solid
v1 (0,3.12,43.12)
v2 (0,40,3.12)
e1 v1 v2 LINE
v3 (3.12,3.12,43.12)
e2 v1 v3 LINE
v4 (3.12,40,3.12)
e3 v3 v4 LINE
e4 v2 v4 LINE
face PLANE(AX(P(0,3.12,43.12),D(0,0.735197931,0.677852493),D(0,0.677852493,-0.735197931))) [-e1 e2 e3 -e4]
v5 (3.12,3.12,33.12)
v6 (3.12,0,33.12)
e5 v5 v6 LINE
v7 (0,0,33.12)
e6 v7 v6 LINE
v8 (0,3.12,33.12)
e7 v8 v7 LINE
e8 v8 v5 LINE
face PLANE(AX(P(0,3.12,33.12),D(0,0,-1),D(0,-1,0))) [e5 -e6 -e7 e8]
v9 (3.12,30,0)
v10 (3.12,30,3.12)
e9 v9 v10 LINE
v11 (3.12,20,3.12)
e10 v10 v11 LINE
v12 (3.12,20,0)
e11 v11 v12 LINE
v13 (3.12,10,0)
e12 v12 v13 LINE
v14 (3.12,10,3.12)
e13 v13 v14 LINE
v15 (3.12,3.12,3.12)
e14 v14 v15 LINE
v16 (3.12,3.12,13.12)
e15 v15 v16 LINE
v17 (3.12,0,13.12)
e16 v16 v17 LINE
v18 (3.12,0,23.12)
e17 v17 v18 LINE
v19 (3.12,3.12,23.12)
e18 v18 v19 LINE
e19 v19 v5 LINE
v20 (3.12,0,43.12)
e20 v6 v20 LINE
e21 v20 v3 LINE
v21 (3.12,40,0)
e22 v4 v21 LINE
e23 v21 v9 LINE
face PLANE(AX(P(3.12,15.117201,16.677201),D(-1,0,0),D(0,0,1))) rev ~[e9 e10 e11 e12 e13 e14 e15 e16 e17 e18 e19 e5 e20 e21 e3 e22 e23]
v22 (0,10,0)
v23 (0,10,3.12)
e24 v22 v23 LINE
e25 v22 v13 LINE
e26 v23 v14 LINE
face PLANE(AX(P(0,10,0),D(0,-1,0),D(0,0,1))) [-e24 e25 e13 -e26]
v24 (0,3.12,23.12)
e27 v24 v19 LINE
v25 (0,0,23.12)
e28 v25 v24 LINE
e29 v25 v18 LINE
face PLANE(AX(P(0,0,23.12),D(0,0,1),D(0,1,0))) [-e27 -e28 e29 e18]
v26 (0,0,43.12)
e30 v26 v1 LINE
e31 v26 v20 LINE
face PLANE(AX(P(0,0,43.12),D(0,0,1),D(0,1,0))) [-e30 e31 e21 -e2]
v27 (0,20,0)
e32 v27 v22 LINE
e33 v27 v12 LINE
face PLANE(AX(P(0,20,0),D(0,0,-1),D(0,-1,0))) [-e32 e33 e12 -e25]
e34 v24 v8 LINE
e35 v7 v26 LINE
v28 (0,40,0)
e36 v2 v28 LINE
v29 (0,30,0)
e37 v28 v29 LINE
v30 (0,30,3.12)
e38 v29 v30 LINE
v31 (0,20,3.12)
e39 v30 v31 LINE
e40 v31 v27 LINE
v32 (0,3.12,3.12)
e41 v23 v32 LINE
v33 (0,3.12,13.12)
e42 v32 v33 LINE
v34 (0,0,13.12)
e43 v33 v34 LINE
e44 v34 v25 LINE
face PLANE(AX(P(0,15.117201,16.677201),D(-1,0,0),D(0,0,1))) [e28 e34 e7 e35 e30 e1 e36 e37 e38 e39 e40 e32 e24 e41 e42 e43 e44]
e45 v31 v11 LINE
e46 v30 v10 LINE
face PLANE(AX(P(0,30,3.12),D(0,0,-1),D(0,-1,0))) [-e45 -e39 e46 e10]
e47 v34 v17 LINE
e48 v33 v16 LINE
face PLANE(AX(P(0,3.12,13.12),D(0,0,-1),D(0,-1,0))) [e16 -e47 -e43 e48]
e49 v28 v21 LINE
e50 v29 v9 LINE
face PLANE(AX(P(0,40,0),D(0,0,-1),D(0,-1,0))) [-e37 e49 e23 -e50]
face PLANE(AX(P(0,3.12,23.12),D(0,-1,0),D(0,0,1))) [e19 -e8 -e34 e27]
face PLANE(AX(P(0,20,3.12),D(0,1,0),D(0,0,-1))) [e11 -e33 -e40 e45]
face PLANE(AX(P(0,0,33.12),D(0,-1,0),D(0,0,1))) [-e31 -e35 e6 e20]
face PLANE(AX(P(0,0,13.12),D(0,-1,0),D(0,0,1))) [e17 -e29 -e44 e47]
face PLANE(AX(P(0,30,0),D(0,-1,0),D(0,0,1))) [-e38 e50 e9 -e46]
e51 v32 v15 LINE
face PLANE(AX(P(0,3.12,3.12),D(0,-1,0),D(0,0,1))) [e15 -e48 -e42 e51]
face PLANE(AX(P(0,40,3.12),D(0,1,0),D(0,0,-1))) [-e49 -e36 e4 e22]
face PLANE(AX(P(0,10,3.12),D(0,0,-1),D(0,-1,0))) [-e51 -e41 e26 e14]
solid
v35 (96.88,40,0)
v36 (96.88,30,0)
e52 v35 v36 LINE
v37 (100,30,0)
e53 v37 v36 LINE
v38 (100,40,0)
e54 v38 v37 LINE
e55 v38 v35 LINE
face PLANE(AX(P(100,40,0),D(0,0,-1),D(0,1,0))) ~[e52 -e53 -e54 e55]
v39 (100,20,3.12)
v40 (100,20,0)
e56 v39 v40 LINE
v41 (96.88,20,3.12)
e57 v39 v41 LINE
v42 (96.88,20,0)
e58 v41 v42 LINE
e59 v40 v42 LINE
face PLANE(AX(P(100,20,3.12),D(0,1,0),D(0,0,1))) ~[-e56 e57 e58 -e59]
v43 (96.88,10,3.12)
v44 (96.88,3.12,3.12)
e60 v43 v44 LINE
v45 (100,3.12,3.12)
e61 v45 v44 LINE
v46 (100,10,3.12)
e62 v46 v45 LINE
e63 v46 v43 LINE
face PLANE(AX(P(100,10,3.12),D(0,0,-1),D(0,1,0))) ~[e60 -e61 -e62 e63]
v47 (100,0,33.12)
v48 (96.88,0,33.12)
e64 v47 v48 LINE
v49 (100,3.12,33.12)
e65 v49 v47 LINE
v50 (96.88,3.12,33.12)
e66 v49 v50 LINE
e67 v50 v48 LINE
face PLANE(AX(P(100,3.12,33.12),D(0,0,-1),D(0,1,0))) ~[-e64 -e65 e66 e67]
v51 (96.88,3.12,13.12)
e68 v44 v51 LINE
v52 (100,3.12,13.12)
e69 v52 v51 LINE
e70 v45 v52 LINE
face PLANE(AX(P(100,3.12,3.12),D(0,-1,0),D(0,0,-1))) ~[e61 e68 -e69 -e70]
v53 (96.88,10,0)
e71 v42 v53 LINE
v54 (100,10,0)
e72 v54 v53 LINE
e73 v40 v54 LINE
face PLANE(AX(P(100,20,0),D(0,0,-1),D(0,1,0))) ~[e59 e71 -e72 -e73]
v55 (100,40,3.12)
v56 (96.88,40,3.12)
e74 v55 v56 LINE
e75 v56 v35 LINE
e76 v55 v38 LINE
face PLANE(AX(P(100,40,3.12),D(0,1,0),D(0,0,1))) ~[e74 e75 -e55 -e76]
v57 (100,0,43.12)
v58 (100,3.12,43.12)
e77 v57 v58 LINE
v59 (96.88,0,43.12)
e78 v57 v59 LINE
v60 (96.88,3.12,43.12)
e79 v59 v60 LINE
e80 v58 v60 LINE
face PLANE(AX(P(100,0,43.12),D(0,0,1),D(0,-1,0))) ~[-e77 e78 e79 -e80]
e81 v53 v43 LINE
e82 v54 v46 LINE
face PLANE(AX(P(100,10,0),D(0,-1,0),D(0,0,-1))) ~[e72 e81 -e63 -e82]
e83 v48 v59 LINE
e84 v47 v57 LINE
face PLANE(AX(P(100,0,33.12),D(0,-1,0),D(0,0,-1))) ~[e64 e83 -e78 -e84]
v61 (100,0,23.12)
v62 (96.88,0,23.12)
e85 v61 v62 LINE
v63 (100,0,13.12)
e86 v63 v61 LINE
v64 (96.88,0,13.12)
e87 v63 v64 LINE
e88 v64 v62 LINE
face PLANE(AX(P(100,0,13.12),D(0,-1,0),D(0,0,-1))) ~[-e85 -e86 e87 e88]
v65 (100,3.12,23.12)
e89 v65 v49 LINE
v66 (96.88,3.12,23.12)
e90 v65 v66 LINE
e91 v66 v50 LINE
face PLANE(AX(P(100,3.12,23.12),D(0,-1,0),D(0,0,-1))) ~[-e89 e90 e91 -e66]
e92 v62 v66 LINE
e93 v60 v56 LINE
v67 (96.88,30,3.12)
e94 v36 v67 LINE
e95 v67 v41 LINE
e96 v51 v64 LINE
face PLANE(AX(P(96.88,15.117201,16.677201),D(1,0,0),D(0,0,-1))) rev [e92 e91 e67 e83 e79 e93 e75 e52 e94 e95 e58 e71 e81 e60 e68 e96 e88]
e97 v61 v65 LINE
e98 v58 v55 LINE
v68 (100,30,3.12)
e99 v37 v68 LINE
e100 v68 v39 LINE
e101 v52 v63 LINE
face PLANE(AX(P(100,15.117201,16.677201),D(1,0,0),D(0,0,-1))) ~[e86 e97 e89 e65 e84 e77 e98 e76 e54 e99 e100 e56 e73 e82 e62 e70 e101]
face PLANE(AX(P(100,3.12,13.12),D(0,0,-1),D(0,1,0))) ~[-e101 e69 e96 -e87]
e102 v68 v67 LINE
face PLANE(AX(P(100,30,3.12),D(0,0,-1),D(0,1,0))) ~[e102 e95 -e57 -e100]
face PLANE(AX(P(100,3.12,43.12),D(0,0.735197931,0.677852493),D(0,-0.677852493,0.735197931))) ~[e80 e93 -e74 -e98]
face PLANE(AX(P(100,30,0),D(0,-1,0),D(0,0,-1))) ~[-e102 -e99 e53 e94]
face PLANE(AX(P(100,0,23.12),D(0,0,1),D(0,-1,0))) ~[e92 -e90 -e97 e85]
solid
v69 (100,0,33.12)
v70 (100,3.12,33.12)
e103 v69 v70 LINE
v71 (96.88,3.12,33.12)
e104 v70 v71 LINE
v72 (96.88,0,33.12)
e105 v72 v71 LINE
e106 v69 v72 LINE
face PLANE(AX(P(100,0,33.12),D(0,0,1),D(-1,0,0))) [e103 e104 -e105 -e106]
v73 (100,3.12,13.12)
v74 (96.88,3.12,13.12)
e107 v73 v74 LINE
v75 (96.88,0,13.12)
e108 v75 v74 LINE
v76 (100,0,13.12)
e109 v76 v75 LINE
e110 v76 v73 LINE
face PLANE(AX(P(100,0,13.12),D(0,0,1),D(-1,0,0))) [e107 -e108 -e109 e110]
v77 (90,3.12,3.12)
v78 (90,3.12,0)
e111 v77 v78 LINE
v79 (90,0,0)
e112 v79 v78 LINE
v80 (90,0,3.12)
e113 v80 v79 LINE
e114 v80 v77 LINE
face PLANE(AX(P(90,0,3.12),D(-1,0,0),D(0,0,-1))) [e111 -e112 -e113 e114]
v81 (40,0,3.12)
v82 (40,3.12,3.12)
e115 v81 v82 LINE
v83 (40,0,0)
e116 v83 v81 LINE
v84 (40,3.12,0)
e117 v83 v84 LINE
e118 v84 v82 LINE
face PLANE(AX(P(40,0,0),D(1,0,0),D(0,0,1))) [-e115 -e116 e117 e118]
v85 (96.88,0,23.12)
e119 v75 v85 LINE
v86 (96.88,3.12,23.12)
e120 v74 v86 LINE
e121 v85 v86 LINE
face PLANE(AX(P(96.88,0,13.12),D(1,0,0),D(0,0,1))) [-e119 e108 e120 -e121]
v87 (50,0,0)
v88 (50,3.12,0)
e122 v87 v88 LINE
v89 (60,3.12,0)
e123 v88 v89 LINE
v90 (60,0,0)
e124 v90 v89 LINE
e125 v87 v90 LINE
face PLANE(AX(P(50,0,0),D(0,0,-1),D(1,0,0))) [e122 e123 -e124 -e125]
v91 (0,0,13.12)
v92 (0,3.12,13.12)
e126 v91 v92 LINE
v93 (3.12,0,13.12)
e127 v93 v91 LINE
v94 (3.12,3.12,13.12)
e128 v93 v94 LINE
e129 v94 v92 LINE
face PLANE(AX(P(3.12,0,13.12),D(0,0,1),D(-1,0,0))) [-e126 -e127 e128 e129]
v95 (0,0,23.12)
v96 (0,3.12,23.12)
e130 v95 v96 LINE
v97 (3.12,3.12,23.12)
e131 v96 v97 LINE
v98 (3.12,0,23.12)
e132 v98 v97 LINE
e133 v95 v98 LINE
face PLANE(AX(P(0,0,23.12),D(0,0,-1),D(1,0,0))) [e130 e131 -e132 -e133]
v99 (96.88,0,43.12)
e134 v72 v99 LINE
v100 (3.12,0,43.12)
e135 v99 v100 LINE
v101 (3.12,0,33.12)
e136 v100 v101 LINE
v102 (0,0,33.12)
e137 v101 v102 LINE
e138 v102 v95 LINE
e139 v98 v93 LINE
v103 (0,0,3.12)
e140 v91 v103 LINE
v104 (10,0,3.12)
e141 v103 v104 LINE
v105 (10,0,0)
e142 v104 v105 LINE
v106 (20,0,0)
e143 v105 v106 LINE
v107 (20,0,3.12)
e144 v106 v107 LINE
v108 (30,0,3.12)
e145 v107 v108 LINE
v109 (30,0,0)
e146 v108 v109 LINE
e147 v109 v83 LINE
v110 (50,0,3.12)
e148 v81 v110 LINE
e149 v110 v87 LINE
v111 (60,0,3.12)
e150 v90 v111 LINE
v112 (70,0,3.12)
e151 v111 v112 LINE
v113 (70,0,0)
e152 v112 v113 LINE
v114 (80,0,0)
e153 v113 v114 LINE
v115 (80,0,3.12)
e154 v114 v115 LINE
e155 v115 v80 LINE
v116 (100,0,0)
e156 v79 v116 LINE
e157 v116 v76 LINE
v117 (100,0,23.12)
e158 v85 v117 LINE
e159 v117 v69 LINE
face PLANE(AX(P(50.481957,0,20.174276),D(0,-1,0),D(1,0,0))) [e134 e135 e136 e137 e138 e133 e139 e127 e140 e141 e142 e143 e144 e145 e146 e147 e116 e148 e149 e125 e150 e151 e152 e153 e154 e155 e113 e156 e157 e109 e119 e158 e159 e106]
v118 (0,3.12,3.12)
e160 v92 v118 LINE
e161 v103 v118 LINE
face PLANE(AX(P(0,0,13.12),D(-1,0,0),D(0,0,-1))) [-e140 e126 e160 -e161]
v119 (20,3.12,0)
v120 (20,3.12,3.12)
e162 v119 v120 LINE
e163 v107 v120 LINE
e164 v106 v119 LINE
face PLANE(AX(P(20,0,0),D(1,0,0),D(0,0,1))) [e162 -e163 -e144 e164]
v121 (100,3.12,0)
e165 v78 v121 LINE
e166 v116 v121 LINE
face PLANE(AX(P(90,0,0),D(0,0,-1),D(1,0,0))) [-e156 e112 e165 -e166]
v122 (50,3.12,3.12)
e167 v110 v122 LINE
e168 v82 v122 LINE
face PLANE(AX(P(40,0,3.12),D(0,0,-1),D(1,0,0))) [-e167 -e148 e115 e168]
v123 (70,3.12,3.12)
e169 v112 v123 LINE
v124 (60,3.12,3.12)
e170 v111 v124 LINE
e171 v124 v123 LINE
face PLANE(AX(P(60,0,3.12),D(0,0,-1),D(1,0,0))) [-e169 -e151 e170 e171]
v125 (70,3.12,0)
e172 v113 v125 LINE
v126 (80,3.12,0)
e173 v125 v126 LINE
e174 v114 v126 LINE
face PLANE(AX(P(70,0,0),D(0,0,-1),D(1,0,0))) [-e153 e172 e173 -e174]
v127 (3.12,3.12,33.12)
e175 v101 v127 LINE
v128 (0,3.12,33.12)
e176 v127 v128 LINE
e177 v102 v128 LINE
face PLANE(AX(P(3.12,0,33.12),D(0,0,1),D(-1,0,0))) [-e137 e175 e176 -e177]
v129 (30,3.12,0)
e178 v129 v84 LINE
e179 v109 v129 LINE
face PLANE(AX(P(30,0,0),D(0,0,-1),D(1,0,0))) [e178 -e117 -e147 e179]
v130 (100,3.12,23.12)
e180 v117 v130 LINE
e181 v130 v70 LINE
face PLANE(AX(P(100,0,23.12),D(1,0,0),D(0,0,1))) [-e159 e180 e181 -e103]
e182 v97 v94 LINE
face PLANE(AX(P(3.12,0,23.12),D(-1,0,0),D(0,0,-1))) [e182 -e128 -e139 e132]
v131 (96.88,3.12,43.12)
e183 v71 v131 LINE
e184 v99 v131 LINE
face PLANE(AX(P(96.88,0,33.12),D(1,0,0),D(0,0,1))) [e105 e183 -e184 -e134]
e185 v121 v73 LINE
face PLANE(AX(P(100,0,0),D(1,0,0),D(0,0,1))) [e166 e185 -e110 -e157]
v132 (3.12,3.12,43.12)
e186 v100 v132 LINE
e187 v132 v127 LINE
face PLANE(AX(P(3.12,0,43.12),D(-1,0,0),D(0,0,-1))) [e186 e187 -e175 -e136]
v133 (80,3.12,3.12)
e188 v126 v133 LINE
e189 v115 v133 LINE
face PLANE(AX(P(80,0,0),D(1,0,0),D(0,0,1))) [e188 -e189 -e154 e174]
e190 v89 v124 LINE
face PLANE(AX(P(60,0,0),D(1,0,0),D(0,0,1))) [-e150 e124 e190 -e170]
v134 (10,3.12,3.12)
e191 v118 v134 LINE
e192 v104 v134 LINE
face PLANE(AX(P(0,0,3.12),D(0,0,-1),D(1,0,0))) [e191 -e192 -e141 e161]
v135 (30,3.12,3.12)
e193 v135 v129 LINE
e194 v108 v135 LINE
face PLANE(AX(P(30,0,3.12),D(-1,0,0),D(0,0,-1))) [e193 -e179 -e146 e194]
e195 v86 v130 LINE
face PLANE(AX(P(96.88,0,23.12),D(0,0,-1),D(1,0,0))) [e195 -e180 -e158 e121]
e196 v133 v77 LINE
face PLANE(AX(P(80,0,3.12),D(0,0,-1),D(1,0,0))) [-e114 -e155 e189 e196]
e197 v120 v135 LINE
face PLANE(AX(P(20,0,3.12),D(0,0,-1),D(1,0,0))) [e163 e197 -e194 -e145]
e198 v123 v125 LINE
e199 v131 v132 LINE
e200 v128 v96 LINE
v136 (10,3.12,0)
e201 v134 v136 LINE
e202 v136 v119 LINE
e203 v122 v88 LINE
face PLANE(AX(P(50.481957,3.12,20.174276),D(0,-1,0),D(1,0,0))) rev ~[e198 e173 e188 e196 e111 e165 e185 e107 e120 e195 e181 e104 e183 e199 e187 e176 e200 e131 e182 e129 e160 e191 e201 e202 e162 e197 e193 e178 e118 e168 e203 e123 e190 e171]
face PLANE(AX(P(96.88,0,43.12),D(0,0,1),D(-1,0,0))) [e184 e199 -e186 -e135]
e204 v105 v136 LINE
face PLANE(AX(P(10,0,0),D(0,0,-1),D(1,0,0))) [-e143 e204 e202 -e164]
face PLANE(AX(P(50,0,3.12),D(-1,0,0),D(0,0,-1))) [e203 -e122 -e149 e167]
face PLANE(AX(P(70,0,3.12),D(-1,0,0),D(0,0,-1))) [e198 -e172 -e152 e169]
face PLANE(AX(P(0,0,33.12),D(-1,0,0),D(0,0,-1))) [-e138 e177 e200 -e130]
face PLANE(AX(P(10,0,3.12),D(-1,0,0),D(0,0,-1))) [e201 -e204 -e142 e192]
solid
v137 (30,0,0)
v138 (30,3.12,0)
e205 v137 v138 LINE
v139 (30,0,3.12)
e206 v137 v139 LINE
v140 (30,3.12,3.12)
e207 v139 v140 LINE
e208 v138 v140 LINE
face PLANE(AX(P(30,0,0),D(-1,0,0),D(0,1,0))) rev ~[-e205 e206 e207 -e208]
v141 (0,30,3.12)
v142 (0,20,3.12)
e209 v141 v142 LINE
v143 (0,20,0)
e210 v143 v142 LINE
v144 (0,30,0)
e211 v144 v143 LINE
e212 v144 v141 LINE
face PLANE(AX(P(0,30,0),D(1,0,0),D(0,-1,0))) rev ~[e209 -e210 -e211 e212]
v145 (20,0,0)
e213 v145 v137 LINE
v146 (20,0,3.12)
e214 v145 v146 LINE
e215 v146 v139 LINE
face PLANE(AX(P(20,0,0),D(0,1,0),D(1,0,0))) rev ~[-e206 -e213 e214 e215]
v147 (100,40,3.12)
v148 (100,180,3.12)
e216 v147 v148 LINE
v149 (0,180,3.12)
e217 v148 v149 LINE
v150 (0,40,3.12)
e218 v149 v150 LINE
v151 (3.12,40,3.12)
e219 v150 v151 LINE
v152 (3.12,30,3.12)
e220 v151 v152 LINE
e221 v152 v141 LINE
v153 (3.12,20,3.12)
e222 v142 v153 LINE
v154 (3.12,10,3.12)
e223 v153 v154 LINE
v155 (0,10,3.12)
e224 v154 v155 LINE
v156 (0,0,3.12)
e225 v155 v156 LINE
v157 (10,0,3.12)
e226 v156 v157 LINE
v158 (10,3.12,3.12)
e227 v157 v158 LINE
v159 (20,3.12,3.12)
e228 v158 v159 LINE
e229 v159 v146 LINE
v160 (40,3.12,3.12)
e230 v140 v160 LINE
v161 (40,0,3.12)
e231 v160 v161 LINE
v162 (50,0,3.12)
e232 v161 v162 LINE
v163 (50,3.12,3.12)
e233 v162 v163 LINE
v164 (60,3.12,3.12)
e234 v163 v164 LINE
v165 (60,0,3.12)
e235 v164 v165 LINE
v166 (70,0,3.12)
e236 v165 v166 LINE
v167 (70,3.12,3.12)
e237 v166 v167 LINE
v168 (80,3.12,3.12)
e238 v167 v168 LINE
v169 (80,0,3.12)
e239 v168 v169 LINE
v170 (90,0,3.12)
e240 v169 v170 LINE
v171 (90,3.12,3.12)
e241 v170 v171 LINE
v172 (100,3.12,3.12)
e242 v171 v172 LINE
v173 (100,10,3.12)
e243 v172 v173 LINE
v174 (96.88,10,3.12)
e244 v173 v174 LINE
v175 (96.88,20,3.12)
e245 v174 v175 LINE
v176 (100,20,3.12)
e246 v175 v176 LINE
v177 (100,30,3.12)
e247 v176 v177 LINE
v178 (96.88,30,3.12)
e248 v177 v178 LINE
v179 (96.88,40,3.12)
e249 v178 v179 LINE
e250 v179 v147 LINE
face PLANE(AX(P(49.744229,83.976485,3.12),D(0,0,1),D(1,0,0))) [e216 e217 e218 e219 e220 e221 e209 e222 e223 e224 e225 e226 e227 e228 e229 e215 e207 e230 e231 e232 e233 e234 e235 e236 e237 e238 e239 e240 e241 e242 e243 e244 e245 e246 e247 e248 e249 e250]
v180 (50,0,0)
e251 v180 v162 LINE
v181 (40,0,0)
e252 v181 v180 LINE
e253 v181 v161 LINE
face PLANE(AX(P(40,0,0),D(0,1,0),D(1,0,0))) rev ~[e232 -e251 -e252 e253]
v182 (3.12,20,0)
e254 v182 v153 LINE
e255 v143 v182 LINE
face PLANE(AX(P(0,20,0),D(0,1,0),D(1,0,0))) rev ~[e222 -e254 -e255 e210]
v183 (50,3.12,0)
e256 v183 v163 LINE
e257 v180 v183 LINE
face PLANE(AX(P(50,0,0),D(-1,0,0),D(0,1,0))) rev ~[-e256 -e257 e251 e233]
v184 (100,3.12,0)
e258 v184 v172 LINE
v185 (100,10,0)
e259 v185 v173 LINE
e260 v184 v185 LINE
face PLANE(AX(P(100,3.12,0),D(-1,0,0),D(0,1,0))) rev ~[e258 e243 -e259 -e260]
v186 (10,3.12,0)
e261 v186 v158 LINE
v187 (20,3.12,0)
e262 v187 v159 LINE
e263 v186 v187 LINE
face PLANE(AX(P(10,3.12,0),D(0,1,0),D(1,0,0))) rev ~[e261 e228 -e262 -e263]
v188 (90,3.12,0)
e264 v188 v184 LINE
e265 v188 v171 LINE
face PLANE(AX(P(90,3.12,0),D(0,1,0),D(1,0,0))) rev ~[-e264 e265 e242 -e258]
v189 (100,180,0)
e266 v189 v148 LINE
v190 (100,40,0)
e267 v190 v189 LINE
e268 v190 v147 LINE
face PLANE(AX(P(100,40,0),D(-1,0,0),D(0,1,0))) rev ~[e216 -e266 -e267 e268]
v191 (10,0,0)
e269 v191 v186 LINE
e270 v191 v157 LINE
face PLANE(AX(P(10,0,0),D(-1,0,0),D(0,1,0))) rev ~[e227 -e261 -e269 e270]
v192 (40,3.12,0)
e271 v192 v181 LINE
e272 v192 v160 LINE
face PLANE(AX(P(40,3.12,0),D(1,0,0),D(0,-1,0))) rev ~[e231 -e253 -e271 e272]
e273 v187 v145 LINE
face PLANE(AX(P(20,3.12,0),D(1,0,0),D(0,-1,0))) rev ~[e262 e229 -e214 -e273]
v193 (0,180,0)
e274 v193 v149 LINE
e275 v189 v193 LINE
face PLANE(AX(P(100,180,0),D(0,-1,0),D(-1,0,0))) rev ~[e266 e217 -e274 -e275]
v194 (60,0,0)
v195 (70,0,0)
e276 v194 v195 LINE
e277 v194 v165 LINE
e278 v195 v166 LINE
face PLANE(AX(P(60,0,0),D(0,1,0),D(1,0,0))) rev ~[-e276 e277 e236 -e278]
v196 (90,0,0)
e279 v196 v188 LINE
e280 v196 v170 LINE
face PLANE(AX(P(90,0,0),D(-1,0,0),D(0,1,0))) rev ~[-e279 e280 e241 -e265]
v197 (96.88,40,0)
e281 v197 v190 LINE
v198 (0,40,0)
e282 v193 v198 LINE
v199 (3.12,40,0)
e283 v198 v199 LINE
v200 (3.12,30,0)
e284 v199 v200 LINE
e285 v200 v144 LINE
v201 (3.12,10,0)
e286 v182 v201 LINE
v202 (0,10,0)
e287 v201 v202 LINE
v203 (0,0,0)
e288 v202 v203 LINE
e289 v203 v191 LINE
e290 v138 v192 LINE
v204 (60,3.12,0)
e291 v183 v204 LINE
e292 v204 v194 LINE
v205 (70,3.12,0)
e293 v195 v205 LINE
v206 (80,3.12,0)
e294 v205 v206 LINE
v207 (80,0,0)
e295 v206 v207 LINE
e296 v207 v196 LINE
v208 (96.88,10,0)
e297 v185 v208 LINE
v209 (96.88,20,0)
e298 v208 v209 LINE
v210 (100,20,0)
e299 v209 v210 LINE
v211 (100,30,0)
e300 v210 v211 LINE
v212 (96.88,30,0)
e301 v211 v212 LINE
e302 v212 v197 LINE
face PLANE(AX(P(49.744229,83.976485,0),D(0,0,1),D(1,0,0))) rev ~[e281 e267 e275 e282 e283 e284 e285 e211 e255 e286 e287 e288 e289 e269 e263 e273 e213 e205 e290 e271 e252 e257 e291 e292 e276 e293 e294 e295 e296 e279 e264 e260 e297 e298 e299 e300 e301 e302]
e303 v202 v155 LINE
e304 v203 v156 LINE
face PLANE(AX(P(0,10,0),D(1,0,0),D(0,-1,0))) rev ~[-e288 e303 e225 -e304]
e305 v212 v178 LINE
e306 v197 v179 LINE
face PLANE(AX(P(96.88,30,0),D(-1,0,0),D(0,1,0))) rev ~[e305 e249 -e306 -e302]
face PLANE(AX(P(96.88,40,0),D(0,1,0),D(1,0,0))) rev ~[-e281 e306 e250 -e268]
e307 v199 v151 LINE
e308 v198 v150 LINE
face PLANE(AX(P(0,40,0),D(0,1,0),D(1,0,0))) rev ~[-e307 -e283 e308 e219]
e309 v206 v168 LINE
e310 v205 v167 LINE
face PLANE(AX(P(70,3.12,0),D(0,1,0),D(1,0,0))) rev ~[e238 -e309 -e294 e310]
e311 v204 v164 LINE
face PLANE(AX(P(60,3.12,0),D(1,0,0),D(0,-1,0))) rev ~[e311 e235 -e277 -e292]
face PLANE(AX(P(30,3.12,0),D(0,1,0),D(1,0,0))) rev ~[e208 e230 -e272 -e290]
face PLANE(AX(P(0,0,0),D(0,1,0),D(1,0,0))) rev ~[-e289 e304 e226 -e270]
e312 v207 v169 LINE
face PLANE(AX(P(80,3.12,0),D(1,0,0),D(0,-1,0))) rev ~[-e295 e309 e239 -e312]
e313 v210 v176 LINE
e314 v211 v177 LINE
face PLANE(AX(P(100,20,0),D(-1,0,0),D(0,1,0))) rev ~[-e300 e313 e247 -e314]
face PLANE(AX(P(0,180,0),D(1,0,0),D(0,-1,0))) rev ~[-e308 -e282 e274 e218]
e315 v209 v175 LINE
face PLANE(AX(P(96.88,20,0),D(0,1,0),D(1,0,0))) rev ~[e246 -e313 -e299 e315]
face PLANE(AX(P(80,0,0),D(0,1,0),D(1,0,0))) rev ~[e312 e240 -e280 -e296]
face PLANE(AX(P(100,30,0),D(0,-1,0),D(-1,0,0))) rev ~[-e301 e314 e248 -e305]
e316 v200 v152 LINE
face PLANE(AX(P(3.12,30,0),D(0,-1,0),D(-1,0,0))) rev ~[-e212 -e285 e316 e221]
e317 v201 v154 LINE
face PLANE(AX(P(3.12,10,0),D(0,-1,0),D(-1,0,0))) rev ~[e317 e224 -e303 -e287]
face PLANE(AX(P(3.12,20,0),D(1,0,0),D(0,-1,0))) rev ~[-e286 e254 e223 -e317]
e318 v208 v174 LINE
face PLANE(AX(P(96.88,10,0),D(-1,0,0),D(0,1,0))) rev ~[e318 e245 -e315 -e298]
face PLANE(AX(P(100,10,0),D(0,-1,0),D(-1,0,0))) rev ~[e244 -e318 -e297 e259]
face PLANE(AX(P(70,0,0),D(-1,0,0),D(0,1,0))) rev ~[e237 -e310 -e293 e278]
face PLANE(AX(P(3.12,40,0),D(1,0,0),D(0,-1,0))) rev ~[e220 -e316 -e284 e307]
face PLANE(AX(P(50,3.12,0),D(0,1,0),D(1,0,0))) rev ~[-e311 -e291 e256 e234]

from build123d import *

# Parameters (mm, degrees)
BOSS_EXTRUDE1_DEPTH = 3.12
BOSS_EXTRUDE2_DEPTH = 3.12
BOSS_EXTRUDE3_DEPTH = 3.12


with BuildPart() as part:
    # Sketch1 → Boss-Extrude1 (new body)
    with BuildSketch(Plane.XY):
        Polygon((0, 0), (10, 0), (10, 3.12), (20, 3.12), (20, 0), (30, 0), (30, 3.12), (40, 3.12), (40, 0), (50, 0), (50, 3.12), (60, 3.12), (60, 0), (70, 0), (70, 3.12), (80, 3.12), (80, 0), (90, 0), (90, 3.12), (100, 3.12), (100, 10), (96.88, 10), (96.88, 20), (100, 20), (100, 30), (96.88, 30), (96.88, 40), (100, 40), (100, 180), (0, 180), (0, 40), (3.12, 40), (3.12, 30), (0, 30), (0, 20), (3.12, 20), (3.12, 10), (0, 10), align=None)
    extrude(amount=BOSS_EXTRUDE1_DEPTH)


with BuildPart() as body_2:
    # Sketch2 → Boss-Extrude2 (new body)
    with BuildSketch(Plane.XZ):
        Polygon((10, 3.12), (10, 0), (20, 0), (20, 3.12), (30, 3.12), (30, 0), (40, 0), (40, 3.12), (50, 3.12), (50, 0), (60, 0), (60, 3.12), (70, 3.12), (70, 0), (80, 0), (80, 3.12), (90, 3.12), (90, 0), (100, 0), (100, 3.12), (100, 13.12), (96.88, 13.12), (96.88, 23.12), (100, 23.12), (100, 33.12), (96.88, 33.12), (96.88, 43.12), (3.12, 43.12), (3.12, 33.12), (0, 33.12), (0, 23.12), (3.12, 23.12), (3.12, 13.12), (0, 13.12), (0, 3.12), align=None)
    extrude(amount=-BOSS_EXTRUDE2_DEPTH)


with BuildPart() as body_3:
    # Sketch3 → Boss-Extrude3 (new body)
    with BuildSketch(Plane.ZY):
        Polygon((3.12, 40), (0, 40), (0, 30), (3.12, 30), (3.12, 20), (0, 20), (0, 10), (3.12, 10), (3.12, 3.12), (13.12, 3.12), (13.12, 0), (23.12, 0), (23.12, 3.12), (33.12, 3.12), (33.12, 0), (43.12, 0), (43.12, 3.12), align=None)
    extrude(amount=-BOSS_EXTRUDE3_DEPTH)


with BuildPart() as body_4:
    # Mirror1: mirrored copy
    add(body_3.part.mirror(Plane.ZY.offset(-50)))


solid = Compound([part.part, body_2.part, body_3.part, body_4.part])
